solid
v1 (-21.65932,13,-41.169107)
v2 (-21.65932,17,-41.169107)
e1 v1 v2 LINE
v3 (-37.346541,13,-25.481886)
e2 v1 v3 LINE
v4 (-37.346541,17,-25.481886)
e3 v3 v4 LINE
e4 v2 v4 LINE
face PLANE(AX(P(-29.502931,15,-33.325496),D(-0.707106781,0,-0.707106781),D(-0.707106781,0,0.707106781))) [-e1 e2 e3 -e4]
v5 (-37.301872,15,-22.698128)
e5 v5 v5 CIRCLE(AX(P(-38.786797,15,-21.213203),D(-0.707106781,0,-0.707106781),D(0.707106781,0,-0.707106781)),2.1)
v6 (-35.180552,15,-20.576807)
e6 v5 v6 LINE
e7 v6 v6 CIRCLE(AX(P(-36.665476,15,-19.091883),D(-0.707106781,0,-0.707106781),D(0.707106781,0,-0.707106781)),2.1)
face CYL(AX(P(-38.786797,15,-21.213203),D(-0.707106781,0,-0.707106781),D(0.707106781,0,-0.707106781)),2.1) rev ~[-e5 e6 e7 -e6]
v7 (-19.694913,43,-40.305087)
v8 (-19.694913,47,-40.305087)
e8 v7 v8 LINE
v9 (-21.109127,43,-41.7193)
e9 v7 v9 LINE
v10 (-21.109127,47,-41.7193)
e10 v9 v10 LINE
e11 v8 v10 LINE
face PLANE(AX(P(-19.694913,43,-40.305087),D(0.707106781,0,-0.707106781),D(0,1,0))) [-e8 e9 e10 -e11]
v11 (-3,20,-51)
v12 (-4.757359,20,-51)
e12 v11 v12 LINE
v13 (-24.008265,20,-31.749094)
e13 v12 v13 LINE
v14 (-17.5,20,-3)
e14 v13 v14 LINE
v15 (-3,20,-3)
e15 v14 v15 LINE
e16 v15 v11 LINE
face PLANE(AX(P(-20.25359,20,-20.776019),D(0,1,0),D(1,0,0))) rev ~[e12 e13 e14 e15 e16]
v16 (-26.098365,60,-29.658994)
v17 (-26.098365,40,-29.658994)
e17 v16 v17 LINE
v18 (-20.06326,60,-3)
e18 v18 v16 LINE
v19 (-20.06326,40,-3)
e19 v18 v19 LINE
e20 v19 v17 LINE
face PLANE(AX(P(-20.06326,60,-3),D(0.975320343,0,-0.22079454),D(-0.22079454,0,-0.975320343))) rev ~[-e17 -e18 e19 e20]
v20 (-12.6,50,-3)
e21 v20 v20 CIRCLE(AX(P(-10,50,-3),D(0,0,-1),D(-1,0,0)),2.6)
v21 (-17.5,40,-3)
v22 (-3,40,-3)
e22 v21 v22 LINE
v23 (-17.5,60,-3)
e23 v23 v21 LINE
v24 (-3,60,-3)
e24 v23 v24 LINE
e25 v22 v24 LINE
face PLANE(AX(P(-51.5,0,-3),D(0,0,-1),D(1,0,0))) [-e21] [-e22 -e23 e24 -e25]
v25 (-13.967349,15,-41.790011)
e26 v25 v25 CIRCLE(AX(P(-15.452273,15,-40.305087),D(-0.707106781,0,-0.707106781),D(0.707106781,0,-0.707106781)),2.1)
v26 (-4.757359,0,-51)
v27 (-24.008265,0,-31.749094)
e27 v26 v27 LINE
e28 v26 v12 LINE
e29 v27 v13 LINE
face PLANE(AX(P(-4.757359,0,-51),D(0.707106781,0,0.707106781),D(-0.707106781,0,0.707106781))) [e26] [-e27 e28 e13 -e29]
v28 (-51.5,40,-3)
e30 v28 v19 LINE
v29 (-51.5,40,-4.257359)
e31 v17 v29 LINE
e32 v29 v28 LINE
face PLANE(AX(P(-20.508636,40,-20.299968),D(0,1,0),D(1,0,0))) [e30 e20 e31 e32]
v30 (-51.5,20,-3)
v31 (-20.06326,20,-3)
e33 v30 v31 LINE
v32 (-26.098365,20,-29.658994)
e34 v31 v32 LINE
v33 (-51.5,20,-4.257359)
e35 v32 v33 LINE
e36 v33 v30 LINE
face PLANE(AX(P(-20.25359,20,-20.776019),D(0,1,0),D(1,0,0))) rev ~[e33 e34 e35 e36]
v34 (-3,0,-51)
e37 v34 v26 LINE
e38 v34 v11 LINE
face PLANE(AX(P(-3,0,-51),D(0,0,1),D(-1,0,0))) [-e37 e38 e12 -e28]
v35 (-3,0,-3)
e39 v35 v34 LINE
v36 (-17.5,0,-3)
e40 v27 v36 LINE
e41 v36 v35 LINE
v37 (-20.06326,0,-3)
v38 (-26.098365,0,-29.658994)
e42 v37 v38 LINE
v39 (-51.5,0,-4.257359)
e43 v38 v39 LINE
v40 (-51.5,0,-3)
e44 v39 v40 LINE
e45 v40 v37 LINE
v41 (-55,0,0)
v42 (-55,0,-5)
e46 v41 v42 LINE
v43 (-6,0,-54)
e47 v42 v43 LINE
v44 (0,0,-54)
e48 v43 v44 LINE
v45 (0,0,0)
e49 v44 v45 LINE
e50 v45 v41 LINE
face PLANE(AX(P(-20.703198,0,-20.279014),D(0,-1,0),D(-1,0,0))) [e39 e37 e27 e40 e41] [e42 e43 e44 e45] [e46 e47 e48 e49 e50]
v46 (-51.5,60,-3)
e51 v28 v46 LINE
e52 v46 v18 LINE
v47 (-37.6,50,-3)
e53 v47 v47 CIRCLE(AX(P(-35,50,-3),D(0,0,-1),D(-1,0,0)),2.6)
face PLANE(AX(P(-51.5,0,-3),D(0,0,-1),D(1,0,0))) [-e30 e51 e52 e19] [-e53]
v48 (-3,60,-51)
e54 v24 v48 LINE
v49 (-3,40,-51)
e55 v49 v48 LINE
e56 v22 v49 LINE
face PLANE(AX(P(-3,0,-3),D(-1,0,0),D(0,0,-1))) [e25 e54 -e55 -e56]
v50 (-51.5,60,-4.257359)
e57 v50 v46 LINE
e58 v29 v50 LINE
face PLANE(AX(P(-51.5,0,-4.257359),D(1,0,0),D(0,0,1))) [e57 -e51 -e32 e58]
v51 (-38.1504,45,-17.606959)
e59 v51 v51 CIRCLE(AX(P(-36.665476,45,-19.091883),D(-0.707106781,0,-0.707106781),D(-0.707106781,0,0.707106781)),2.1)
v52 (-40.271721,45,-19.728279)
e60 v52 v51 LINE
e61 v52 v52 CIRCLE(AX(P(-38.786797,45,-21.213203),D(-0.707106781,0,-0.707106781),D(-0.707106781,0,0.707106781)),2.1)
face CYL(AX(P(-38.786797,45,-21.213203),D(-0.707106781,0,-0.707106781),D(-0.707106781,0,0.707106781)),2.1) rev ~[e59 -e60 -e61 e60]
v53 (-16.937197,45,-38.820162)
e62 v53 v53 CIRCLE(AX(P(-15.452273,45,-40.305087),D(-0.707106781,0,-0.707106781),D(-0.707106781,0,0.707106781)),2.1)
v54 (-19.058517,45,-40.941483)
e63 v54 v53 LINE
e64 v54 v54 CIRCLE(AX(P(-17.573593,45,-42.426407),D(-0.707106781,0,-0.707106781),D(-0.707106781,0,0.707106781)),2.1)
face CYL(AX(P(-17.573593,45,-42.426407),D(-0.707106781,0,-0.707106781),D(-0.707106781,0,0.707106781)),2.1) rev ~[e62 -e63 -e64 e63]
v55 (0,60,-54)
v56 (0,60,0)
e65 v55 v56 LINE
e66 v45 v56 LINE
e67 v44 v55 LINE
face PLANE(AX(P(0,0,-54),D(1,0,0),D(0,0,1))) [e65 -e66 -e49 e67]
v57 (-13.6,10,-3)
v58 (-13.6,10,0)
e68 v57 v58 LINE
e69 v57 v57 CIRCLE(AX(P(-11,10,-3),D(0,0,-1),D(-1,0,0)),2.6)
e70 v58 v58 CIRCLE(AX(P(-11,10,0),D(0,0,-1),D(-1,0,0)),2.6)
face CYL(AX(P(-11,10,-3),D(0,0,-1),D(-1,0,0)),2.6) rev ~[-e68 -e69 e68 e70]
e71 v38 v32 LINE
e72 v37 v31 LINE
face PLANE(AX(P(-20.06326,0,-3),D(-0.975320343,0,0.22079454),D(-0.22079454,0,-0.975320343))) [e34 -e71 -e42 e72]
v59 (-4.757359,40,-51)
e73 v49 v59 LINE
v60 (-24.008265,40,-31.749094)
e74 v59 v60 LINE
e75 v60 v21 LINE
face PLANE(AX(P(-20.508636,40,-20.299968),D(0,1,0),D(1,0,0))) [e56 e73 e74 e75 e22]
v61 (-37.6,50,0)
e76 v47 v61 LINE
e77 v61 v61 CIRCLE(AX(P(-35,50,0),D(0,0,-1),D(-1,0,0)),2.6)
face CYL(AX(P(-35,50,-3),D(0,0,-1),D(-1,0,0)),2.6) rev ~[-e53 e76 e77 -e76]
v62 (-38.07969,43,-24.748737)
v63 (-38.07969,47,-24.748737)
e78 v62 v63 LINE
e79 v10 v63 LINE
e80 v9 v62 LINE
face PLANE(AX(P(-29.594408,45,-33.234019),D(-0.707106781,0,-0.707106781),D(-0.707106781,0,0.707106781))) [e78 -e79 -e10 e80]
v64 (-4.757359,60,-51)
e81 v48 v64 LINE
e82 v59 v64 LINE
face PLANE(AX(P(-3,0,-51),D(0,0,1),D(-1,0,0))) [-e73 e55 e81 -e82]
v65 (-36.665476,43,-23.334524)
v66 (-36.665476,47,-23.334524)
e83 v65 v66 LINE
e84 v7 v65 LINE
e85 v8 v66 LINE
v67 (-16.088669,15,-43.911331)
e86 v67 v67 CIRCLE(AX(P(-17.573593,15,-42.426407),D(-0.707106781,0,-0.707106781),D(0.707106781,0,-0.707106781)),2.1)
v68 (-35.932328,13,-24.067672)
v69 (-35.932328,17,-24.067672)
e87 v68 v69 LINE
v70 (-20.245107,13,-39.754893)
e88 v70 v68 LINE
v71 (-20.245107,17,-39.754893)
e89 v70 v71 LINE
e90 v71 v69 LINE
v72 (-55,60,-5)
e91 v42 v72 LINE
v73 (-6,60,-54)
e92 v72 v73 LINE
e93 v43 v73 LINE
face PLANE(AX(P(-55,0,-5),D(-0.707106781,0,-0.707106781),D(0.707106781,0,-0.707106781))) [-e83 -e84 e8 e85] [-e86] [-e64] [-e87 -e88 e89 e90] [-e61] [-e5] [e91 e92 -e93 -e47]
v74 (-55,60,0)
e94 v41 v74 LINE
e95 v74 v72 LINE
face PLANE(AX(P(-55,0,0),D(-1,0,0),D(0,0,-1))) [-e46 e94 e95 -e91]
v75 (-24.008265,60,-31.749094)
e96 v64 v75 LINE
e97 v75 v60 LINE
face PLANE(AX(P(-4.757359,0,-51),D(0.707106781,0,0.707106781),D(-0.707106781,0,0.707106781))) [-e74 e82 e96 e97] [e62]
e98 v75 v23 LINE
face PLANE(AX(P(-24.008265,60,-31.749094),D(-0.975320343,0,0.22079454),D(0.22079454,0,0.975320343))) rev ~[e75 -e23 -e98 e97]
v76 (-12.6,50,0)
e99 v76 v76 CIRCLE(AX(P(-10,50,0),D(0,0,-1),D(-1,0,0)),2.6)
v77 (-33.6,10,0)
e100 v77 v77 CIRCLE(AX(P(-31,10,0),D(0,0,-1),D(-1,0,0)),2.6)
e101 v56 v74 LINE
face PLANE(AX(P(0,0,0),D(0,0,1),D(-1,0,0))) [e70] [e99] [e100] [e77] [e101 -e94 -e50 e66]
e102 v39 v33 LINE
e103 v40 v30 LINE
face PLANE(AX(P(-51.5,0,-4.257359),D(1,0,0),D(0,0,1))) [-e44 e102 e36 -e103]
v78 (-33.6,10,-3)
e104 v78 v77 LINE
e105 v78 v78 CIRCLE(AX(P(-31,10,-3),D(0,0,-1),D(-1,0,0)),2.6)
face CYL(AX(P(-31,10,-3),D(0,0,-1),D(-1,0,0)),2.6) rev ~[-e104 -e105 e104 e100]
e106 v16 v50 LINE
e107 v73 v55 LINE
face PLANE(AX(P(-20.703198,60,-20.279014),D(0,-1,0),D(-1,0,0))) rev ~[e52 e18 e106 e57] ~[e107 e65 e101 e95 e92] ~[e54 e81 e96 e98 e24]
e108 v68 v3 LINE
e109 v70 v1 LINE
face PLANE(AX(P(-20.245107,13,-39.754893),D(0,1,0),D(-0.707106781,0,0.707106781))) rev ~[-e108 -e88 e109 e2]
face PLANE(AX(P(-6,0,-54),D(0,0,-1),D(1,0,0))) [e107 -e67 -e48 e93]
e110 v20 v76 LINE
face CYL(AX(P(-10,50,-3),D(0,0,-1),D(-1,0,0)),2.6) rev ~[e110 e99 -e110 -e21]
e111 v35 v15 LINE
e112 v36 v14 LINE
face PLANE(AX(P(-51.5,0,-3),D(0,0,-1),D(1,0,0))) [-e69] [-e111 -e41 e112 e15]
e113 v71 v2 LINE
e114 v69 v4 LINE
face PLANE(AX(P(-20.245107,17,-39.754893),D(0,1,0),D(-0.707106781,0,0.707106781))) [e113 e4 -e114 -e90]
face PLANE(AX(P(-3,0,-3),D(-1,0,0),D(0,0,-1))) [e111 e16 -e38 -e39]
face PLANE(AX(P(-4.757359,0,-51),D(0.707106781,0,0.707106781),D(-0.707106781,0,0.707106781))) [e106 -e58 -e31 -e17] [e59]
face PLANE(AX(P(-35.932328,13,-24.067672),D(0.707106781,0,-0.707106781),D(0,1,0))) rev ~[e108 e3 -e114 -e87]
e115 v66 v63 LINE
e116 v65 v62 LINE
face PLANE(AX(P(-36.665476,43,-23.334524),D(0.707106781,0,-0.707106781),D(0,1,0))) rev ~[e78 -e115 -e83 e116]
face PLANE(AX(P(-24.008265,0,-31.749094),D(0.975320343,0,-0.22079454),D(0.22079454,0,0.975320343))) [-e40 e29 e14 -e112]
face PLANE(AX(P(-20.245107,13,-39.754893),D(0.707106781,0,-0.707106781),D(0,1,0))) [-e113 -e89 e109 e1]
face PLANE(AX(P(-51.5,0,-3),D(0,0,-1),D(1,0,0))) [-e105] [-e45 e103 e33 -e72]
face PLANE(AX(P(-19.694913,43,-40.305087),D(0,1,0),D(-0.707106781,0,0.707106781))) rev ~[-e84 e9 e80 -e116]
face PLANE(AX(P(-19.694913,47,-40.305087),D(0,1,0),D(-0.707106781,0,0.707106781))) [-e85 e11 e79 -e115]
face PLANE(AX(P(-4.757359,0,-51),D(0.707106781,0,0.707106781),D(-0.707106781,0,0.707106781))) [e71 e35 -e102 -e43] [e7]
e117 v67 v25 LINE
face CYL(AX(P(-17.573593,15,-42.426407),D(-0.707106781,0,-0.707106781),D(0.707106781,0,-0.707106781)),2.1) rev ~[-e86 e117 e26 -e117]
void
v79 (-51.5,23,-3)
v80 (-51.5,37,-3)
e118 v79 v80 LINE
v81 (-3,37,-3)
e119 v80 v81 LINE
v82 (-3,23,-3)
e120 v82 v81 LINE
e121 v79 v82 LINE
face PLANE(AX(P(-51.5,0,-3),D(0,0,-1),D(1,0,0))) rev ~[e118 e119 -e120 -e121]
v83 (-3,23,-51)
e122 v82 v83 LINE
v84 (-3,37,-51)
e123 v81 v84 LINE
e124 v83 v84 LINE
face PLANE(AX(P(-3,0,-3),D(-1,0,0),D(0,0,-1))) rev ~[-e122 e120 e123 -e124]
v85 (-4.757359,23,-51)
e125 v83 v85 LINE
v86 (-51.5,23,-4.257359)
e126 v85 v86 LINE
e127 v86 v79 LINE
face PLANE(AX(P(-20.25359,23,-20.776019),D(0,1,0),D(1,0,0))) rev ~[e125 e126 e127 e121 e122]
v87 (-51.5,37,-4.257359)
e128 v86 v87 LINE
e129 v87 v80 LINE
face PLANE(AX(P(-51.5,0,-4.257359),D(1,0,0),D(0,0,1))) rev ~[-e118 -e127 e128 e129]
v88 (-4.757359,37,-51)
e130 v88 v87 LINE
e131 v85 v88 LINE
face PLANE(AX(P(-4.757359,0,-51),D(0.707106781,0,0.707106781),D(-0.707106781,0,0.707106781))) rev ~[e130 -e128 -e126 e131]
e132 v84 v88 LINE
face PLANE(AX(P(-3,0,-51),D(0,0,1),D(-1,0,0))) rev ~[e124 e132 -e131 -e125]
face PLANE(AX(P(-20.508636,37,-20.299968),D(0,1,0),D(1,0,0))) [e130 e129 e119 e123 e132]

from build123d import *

# Parameters (mm, degrees)
EXTRUDE_1_DEPTH     = 60
SKETCH_3_R          = 2.6
CUT_EXTRUDE_1_DEPTH = 10
SKETCH_4_R          = 2.1
CUT_EXTRUDE_2_DEPTH = 10
EXTRUDE_2_DEPTH     = 3
EXTRUDE_3_DEPTH     = 3
EXTRUDE_4_DEPTH     = 20
EXTRUDE_5_DEPTH     = 20
SKETCH_11_W         = 24
SKETCH_11_H         = 4
SKETCH_11_W_2       = 22.185080678
EXTRUDE_6_DEPTH     = 2


with BuildPart() as part:
    # 草图1 → 凸台-拉伸1 (new body)
    with BuildSketch(Plane(origin=(0, 0, 0), x_dir=(1, 0, 0), z_dir=(0, 1, 0))):
        Polygon((0, 0), (-55, 0), (-55, 5), (-6, 54), (0, 54), align=None)
        Polygon((-4.757359313, 51), (-51.5, 4.257359313), (-51.5, 3), (-3, 3), (-3, 51), align=None, mode=Mode.SUBTRACT)
    extrude(amount=EXTRUDE_1_DEPTH)

    # 草图3 → 切除-拉伸1 (cut)
    with BuildSketch(Plane(origin=(0, 0, -3), x_dir=(-1, 0, 0), z_dir=(0, 0, -1))):
        with Locations((11, 10)):
            Circle(SKETCH_3_R)
        with Locations((31, 10)):
            Circle(SKETCH_3_R)
        with Locations((35, 50)):
            Circle(SKETCH_3_R)
        with Locations((10, 50)):
            Circle(SKETCH_3_R)
    extrude(amount=-CUT_EXTRUDE_1_DEPTH, mode=Mode.SUBTRACT)

    # 草图4 → 切除-拉伸2 (cut)
    with BuildSketch(Plane(origin=(-30, 0, -30), x_dir=(-0.7071067811865511, 0, 0.7071067811865439), z_dir=(-0.7071067811865439, 0, -0.7071067811865511))):
        with Locations((12.426406871, 45)):
            Circle(SKETCH_4_R)
        with Locations((-17.573593129, 45)):
            Circle(SKETCH_4_R)
        with Locations(Location((12.426406871, 15, 0), (0, 0, 180))):
            Circle(SKETCH_4_R)
        with Locations(Location((-17.573593129, 15, 0), (0, 0, 180))):
            Circle(SKETCH_4_R)
    extrude(amount=-CUT_EXTRUDE_2_DEPTH, mode=Mode.SUBTRACT)

    # 草图7 → 凸台-拉伸2 (add)
    with BuildSketch(Plane(origin=(0, 20, 0), x_dir=(-1, 0, 0), z_dir=(0, -1, 0))):
        Polygon((3, 52.757359313), (51.5, 4.257359313), (51.5, 3), (3, 3), align=None)
    extrude(amount=-EXTRUDE_2_DEPTH)

    # 草图8 → 凸台-拉伸3 (add)
    with BuildSketch(Plane(origin=(0, 40, 0), x_dir=(1, 0, 0), z_dir=(0, 1, 0))):
        Polygon((-3, 51), (-4.757359313, 51), (-51.5, 4.257359313), (-51.5, 3), (-3, 3), align=None)
    extrude(amount=-EXTRUDE_3_DEPTH)

    # 草图9 → 凸台-拉伸4 (add)
    with BuildSketch(Plane.XZ):
        Polygon((-20.063260388, -3), (-26.098365074, -29.658994238), (-24.008264838, -31.749094475), (-17.5, -3), align=None)
    extrude(amount=-EXTRUDE_4_DEPTH)

    # 草图10 → 凸台-拉伸5 (add)
    with BuildSketch(Plane(origin=(0, 60, 0), x_dir=(1, 0, 0), z_dir=(0, 1, 0))):
        Polygon((-26.098365074, 29.658994238), (-24.008264838, 31.749094475), (-17.5, 3), (-20.063260388, 3), align=None)
    extrude(amount=-EXTRUDE_5_DEPTH)

    # 草图11 → 凸台-拉伸6 (add)
    with BuildSketch(Plane(origin=(-30, 0, -30), x_dir=(-0.7071067811865511, 0, 0.707106781186544), z_dir=(-0.707106781186544, 0, -0.7071067811865511))):
        with Locations((-2.573593129, 45)):
            Rectangle(SKETCH_11_W, SKETCH_11_H)
        with Locations((-2.702962181, 15)):
            Rectangle(SKETCH_11_W_2, SKETCH_11_H)
    extrude(amount=EXTRUDE_6_DEPTH)


solid = part.part
